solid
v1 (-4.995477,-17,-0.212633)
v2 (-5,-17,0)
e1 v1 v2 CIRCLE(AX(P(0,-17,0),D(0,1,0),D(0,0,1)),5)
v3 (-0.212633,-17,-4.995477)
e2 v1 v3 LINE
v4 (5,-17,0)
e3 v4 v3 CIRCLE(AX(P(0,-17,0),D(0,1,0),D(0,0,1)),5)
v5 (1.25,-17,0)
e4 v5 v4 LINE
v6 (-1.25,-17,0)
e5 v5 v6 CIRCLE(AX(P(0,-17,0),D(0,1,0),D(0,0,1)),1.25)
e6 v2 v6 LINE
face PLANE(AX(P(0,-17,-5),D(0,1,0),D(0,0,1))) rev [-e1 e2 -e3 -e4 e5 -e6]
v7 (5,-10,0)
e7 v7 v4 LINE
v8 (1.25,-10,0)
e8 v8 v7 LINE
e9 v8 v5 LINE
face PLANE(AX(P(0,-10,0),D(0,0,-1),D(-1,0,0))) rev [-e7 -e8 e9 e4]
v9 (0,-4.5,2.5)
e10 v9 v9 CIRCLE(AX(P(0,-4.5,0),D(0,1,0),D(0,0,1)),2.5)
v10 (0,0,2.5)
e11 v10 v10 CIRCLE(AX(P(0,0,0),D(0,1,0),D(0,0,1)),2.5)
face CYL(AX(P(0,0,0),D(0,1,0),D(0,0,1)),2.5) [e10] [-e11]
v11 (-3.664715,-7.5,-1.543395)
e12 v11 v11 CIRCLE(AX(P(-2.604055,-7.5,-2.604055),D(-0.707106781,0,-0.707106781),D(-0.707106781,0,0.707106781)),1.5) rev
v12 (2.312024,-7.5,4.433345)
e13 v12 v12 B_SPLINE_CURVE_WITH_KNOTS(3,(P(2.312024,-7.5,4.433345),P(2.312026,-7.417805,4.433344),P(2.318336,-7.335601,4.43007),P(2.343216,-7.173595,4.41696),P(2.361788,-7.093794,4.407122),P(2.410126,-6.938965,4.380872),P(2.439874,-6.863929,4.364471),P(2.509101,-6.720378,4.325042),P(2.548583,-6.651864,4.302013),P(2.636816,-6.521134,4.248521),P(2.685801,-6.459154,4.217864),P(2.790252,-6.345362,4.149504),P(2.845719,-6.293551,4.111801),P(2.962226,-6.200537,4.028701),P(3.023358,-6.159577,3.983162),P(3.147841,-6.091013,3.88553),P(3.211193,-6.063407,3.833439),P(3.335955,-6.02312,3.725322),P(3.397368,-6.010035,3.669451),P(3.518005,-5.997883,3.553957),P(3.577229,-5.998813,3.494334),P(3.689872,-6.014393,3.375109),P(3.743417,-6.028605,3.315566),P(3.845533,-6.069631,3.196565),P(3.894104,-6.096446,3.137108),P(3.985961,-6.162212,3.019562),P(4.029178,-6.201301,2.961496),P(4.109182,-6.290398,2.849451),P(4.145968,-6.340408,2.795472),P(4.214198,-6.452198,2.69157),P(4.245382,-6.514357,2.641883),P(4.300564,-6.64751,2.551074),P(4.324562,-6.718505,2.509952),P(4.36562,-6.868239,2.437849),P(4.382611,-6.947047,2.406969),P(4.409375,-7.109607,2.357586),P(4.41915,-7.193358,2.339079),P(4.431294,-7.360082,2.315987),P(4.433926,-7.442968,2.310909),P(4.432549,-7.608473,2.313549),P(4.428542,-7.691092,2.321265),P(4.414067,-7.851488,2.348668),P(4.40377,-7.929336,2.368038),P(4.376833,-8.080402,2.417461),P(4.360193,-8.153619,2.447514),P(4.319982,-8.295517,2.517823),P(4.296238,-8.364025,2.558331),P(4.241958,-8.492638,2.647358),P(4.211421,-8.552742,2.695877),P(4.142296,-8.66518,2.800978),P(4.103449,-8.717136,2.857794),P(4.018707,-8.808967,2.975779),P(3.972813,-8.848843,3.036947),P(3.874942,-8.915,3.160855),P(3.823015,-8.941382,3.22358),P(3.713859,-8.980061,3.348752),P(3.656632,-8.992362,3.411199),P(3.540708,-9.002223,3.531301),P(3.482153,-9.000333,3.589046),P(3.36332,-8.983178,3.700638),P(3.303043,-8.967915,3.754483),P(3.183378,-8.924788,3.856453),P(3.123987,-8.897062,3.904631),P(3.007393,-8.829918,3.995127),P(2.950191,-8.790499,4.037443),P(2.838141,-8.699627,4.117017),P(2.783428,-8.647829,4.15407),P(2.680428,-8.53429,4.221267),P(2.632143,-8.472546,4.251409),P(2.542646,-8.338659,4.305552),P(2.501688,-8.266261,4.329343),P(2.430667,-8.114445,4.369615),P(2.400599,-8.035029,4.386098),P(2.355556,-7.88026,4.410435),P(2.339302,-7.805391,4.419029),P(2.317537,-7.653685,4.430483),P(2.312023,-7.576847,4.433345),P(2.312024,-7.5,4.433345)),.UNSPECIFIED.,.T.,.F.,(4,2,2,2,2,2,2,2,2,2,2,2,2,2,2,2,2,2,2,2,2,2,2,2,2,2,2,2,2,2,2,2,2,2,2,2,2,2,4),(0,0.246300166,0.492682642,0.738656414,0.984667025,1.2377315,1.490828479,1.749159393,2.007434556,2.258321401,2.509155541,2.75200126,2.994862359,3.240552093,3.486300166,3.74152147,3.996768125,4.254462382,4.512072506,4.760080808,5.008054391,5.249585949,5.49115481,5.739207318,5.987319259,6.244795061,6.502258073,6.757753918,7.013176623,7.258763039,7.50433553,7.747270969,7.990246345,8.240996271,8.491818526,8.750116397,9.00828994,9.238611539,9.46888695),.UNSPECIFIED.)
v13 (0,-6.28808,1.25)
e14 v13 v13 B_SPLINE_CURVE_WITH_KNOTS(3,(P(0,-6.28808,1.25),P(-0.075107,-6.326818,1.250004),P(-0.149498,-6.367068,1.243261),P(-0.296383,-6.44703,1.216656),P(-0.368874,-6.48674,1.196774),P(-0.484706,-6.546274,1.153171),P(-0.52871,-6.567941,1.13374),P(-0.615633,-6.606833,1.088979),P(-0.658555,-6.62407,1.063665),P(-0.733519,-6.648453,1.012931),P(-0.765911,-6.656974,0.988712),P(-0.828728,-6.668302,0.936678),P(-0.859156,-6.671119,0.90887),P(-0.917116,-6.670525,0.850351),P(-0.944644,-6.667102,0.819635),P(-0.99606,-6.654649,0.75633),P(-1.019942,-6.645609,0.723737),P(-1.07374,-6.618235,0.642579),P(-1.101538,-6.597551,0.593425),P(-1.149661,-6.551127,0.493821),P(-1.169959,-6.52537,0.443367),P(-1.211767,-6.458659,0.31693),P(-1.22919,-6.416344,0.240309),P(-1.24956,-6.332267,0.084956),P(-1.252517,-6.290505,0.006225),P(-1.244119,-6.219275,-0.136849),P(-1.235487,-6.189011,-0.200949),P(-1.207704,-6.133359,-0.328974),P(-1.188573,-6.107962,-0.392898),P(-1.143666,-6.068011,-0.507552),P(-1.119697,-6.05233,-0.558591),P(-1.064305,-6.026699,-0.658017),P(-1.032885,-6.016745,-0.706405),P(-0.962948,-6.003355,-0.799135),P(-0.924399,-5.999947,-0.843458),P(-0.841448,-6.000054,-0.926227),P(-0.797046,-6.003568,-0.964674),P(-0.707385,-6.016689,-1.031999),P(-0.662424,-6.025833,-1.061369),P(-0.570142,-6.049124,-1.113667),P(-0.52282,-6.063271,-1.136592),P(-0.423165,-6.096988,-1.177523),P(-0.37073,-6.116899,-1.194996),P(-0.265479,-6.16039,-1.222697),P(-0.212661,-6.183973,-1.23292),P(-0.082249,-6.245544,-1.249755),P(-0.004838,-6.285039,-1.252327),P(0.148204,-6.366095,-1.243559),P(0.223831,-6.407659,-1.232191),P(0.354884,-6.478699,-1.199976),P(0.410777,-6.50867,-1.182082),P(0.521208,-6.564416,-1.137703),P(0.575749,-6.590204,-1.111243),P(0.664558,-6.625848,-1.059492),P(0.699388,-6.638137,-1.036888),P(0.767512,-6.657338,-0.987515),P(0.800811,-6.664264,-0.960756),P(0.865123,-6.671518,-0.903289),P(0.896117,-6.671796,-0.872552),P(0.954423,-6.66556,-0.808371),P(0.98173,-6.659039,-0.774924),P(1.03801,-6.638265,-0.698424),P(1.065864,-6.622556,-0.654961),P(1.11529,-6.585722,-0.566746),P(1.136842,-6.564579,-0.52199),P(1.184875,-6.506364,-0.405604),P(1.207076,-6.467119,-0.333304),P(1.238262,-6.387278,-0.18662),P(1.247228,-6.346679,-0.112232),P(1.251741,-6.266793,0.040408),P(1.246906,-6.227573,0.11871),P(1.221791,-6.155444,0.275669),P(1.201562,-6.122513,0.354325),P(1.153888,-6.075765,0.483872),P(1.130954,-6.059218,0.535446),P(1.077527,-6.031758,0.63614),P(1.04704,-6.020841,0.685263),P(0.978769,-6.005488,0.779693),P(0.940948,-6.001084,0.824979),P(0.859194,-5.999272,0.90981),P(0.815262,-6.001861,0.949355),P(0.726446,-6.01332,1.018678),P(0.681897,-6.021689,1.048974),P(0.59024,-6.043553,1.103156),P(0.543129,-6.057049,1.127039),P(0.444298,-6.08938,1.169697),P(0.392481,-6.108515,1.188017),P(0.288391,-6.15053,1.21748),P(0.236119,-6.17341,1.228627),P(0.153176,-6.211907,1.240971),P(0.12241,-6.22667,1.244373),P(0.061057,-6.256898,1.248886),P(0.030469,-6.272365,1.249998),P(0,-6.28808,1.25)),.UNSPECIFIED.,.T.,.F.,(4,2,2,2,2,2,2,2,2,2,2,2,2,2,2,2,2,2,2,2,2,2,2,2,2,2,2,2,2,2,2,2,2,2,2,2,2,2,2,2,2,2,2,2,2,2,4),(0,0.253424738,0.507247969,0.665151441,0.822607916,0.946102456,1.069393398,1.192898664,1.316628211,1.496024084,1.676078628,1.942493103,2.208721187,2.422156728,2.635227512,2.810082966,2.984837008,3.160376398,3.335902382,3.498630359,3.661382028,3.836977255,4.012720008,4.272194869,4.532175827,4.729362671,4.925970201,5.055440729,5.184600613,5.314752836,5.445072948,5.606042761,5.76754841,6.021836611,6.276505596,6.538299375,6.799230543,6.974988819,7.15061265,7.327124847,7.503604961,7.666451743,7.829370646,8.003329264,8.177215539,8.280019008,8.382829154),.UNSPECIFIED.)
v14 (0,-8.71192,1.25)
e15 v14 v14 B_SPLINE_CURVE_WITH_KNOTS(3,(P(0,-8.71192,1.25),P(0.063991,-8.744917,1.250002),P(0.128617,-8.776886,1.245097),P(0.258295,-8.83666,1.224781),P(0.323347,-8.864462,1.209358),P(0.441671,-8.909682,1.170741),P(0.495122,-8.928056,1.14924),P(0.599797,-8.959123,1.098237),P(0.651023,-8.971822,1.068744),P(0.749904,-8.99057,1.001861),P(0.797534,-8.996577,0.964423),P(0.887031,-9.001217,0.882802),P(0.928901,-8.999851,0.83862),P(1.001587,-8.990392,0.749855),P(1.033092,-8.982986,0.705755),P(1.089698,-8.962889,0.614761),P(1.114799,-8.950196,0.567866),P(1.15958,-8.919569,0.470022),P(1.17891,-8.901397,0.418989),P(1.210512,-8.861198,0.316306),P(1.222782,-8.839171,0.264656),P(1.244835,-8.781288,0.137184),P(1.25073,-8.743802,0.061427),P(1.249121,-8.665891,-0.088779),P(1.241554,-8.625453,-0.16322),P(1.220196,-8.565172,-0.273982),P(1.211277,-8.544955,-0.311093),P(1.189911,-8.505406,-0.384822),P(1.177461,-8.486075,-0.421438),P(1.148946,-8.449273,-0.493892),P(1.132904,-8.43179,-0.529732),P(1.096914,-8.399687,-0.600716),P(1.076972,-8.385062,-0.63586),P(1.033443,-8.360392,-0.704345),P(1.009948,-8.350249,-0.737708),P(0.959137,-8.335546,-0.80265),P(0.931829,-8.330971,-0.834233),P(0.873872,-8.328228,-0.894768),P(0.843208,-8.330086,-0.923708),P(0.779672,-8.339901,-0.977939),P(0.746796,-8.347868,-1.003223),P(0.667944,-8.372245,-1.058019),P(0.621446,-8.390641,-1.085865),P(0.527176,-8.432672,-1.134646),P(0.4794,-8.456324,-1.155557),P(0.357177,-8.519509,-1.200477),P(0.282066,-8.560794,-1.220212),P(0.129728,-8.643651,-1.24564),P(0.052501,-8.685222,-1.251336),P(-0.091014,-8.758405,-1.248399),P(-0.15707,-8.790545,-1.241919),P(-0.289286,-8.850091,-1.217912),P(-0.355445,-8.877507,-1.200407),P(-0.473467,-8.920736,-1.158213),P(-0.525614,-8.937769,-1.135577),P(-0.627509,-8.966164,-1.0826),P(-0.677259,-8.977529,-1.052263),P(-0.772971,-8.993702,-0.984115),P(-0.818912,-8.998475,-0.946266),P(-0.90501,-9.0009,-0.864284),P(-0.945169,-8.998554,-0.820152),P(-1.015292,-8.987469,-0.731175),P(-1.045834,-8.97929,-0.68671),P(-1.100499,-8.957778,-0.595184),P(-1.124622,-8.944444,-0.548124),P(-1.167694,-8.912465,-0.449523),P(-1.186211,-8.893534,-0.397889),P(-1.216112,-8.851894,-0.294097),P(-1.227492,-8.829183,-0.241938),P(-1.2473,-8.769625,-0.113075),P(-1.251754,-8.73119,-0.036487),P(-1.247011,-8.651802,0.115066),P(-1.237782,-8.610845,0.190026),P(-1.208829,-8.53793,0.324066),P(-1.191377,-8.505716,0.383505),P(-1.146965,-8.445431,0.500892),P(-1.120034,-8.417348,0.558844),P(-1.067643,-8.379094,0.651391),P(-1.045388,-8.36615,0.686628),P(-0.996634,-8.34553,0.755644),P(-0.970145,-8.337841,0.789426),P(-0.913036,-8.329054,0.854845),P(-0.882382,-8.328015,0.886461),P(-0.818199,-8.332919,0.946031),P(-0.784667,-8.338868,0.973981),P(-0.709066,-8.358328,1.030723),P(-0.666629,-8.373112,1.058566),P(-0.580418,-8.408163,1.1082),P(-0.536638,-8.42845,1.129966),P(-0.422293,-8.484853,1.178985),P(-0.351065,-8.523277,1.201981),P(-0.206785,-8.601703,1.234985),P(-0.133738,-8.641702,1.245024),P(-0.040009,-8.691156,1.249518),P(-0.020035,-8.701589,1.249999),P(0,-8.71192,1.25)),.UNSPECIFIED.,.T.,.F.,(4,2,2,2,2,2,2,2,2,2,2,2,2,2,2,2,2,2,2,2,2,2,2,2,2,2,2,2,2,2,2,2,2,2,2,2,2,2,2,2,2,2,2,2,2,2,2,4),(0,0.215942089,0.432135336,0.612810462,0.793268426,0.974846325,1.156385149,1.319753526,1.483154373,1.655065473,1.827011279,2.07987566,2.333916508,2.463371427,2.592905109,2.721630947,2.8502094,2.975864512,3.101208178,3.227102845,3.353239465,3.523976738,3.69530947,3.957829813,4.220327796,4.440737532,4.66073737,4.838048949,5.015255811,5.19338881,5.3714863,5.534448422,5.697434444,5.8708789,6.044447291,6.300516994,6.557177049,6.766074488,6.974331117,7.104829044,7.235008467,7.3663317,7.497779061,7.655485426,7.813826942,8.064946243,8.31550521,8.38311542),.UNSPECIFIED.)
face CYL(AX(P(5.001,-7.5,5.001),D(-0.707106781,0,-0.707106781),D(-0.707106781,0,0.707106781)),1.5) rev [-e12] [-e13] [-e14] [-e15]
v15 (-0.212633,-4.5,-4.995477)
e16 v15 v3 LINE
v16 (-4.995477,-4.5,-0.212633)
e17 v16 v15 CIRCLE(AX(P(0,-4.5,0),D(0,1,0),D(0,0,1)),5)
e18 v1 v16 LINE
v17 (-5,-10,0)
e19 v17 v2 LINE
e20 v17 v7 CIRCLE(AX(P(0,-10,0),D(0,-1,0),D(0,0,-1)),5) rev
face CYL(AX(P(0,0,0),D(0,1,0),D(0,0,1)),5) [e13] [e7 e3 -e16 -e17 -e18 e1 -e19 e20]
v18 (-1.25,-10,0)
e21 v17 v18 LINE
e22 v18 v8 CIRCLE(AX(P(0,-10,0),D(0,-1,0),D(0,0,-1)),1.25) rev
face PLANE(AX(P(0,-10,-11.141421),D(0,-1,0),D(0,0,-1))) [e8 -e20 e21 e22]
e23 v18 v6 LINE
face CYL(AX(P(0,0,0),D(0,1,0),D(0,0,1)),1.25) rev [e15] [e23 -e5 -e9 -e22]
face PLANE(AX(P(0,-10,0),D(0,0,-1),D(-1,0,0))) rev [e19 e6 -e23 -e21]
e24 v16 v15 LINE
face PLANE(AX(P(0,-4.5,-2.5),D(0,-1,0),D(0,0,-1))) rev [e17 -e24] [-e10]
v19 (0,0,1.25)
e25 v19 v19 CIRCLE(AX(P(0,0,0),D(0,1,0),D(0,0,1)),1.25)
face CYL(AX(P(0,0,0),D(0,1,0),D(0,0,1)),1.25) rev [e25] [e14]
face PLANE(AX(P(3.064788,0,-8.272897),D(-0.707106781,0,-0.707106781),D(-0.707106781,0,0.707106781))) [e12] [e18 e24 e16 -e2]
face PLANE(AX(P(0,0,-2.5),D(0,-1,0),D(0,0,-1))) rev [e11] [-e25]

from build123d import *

# Parameters (mm, degrees)
CUT_EXTRUDE_1_DEPTH             = 7
CUT_EXTRUDE_2_DEPTH             = 18
SKETCH_5_R                      = 1.5
CUT_EXTRUDE_3_DEPTH             = 4.388378183
CUT_EXTRUDE_3_DIRECTION_2_REACH = 12.754


with BuildPart() as part:
    # Эскиз1 → Повернуть1 (revolve)
    with BuildSketch(Plane(origin=(0, 0, 0), x_dir=(0, 0, -1), z_dir=(1, 0, 0))):
        Polygon((2.5, -4.5), (2.5, 0), (1.25, 0), (1.25, -17), (5, -17), (5, -4.5), align=None)
    revolve(axis=Axis((0, 0, 0), (0, -1, 0)))

    # Эскиз2 → Вырез-Вытянуть1 (cut)
    with BuildSketch(Plane.XZ.offset(17)):
        Polygon((-37.360679775, 0), (-5, 0), (5, 0), (37.360679775, 0), (37.360679775, 64.72135955), (-37.360679775, 64.72135955), align=None)
    extrude(amount=-CUT_EXTRUDE_1_DEPTH, mode=Mode.SUBTRACT)

    # Эскиз3 → Вырез-Вытянуть2 (cut, through all)
    with BuildSketch(Plane.XZ.offset(17)):
        with BuildLine():
            Line((-0.212632943, -4.995476677), (-4.995476677, -0.212632943))
            ThreePointArc((-4.995476677, -0.212632943), (-3.535533906, -3.535533906), (-0.212632943, -4.995476677))
        make_face()
    extrude(amount=-CUT_EXTRUDE_2_DEPTH, mode=Mode.SUBTRACT)

    # Эскиз5 → Вырез-Вытянуть3 (cut)
    with BuildSketch(Plane(origin=(-7.70810962, 0, 2.5), x_dir=(0.707106781, 0, -0.707106781), z_dir=(0.707106781, 0, 0.707106781))):
        with Locations((7.218223535, -7.5)):
            Circle(SKETCH_5_R)
    extrude(amount=-CUT_EXTRUDE_3_DEPTH, mode=Mode.SUBTRACT)

    # Эскиз5 → Вырез-Вытянуть3 direction 2 (cut, up to next)
    with BuildSketch(Plane(origin=(-7.70810962, 0, 2.5), x_dir=(0.707106781, 0, -0.707106781), z_dir=(0.707106781, 0, 0.707106781)), mode=Mode.PRIVATE) as cut_extrude_3_direction_2_sk1:
        with Locations((7.218223535, -7.5)):
            Circle(SKETCH_5_R)
    cut_extrude_3_direction_2_tool1 = extrude(cut_extrude_3_direction_2_sk1.sketch, amount=CUT_EXTRUDE_3_DIRECTION_2_REACH, mode=Mode.PRIVATE) & part.part
    add(cut_extrude_3_direction_2_tool1.solids().sort_by_distance((-2.604055, -7.5, -2.604055))[0], mode=Mode.SUBTRACT)


solid = part.part
